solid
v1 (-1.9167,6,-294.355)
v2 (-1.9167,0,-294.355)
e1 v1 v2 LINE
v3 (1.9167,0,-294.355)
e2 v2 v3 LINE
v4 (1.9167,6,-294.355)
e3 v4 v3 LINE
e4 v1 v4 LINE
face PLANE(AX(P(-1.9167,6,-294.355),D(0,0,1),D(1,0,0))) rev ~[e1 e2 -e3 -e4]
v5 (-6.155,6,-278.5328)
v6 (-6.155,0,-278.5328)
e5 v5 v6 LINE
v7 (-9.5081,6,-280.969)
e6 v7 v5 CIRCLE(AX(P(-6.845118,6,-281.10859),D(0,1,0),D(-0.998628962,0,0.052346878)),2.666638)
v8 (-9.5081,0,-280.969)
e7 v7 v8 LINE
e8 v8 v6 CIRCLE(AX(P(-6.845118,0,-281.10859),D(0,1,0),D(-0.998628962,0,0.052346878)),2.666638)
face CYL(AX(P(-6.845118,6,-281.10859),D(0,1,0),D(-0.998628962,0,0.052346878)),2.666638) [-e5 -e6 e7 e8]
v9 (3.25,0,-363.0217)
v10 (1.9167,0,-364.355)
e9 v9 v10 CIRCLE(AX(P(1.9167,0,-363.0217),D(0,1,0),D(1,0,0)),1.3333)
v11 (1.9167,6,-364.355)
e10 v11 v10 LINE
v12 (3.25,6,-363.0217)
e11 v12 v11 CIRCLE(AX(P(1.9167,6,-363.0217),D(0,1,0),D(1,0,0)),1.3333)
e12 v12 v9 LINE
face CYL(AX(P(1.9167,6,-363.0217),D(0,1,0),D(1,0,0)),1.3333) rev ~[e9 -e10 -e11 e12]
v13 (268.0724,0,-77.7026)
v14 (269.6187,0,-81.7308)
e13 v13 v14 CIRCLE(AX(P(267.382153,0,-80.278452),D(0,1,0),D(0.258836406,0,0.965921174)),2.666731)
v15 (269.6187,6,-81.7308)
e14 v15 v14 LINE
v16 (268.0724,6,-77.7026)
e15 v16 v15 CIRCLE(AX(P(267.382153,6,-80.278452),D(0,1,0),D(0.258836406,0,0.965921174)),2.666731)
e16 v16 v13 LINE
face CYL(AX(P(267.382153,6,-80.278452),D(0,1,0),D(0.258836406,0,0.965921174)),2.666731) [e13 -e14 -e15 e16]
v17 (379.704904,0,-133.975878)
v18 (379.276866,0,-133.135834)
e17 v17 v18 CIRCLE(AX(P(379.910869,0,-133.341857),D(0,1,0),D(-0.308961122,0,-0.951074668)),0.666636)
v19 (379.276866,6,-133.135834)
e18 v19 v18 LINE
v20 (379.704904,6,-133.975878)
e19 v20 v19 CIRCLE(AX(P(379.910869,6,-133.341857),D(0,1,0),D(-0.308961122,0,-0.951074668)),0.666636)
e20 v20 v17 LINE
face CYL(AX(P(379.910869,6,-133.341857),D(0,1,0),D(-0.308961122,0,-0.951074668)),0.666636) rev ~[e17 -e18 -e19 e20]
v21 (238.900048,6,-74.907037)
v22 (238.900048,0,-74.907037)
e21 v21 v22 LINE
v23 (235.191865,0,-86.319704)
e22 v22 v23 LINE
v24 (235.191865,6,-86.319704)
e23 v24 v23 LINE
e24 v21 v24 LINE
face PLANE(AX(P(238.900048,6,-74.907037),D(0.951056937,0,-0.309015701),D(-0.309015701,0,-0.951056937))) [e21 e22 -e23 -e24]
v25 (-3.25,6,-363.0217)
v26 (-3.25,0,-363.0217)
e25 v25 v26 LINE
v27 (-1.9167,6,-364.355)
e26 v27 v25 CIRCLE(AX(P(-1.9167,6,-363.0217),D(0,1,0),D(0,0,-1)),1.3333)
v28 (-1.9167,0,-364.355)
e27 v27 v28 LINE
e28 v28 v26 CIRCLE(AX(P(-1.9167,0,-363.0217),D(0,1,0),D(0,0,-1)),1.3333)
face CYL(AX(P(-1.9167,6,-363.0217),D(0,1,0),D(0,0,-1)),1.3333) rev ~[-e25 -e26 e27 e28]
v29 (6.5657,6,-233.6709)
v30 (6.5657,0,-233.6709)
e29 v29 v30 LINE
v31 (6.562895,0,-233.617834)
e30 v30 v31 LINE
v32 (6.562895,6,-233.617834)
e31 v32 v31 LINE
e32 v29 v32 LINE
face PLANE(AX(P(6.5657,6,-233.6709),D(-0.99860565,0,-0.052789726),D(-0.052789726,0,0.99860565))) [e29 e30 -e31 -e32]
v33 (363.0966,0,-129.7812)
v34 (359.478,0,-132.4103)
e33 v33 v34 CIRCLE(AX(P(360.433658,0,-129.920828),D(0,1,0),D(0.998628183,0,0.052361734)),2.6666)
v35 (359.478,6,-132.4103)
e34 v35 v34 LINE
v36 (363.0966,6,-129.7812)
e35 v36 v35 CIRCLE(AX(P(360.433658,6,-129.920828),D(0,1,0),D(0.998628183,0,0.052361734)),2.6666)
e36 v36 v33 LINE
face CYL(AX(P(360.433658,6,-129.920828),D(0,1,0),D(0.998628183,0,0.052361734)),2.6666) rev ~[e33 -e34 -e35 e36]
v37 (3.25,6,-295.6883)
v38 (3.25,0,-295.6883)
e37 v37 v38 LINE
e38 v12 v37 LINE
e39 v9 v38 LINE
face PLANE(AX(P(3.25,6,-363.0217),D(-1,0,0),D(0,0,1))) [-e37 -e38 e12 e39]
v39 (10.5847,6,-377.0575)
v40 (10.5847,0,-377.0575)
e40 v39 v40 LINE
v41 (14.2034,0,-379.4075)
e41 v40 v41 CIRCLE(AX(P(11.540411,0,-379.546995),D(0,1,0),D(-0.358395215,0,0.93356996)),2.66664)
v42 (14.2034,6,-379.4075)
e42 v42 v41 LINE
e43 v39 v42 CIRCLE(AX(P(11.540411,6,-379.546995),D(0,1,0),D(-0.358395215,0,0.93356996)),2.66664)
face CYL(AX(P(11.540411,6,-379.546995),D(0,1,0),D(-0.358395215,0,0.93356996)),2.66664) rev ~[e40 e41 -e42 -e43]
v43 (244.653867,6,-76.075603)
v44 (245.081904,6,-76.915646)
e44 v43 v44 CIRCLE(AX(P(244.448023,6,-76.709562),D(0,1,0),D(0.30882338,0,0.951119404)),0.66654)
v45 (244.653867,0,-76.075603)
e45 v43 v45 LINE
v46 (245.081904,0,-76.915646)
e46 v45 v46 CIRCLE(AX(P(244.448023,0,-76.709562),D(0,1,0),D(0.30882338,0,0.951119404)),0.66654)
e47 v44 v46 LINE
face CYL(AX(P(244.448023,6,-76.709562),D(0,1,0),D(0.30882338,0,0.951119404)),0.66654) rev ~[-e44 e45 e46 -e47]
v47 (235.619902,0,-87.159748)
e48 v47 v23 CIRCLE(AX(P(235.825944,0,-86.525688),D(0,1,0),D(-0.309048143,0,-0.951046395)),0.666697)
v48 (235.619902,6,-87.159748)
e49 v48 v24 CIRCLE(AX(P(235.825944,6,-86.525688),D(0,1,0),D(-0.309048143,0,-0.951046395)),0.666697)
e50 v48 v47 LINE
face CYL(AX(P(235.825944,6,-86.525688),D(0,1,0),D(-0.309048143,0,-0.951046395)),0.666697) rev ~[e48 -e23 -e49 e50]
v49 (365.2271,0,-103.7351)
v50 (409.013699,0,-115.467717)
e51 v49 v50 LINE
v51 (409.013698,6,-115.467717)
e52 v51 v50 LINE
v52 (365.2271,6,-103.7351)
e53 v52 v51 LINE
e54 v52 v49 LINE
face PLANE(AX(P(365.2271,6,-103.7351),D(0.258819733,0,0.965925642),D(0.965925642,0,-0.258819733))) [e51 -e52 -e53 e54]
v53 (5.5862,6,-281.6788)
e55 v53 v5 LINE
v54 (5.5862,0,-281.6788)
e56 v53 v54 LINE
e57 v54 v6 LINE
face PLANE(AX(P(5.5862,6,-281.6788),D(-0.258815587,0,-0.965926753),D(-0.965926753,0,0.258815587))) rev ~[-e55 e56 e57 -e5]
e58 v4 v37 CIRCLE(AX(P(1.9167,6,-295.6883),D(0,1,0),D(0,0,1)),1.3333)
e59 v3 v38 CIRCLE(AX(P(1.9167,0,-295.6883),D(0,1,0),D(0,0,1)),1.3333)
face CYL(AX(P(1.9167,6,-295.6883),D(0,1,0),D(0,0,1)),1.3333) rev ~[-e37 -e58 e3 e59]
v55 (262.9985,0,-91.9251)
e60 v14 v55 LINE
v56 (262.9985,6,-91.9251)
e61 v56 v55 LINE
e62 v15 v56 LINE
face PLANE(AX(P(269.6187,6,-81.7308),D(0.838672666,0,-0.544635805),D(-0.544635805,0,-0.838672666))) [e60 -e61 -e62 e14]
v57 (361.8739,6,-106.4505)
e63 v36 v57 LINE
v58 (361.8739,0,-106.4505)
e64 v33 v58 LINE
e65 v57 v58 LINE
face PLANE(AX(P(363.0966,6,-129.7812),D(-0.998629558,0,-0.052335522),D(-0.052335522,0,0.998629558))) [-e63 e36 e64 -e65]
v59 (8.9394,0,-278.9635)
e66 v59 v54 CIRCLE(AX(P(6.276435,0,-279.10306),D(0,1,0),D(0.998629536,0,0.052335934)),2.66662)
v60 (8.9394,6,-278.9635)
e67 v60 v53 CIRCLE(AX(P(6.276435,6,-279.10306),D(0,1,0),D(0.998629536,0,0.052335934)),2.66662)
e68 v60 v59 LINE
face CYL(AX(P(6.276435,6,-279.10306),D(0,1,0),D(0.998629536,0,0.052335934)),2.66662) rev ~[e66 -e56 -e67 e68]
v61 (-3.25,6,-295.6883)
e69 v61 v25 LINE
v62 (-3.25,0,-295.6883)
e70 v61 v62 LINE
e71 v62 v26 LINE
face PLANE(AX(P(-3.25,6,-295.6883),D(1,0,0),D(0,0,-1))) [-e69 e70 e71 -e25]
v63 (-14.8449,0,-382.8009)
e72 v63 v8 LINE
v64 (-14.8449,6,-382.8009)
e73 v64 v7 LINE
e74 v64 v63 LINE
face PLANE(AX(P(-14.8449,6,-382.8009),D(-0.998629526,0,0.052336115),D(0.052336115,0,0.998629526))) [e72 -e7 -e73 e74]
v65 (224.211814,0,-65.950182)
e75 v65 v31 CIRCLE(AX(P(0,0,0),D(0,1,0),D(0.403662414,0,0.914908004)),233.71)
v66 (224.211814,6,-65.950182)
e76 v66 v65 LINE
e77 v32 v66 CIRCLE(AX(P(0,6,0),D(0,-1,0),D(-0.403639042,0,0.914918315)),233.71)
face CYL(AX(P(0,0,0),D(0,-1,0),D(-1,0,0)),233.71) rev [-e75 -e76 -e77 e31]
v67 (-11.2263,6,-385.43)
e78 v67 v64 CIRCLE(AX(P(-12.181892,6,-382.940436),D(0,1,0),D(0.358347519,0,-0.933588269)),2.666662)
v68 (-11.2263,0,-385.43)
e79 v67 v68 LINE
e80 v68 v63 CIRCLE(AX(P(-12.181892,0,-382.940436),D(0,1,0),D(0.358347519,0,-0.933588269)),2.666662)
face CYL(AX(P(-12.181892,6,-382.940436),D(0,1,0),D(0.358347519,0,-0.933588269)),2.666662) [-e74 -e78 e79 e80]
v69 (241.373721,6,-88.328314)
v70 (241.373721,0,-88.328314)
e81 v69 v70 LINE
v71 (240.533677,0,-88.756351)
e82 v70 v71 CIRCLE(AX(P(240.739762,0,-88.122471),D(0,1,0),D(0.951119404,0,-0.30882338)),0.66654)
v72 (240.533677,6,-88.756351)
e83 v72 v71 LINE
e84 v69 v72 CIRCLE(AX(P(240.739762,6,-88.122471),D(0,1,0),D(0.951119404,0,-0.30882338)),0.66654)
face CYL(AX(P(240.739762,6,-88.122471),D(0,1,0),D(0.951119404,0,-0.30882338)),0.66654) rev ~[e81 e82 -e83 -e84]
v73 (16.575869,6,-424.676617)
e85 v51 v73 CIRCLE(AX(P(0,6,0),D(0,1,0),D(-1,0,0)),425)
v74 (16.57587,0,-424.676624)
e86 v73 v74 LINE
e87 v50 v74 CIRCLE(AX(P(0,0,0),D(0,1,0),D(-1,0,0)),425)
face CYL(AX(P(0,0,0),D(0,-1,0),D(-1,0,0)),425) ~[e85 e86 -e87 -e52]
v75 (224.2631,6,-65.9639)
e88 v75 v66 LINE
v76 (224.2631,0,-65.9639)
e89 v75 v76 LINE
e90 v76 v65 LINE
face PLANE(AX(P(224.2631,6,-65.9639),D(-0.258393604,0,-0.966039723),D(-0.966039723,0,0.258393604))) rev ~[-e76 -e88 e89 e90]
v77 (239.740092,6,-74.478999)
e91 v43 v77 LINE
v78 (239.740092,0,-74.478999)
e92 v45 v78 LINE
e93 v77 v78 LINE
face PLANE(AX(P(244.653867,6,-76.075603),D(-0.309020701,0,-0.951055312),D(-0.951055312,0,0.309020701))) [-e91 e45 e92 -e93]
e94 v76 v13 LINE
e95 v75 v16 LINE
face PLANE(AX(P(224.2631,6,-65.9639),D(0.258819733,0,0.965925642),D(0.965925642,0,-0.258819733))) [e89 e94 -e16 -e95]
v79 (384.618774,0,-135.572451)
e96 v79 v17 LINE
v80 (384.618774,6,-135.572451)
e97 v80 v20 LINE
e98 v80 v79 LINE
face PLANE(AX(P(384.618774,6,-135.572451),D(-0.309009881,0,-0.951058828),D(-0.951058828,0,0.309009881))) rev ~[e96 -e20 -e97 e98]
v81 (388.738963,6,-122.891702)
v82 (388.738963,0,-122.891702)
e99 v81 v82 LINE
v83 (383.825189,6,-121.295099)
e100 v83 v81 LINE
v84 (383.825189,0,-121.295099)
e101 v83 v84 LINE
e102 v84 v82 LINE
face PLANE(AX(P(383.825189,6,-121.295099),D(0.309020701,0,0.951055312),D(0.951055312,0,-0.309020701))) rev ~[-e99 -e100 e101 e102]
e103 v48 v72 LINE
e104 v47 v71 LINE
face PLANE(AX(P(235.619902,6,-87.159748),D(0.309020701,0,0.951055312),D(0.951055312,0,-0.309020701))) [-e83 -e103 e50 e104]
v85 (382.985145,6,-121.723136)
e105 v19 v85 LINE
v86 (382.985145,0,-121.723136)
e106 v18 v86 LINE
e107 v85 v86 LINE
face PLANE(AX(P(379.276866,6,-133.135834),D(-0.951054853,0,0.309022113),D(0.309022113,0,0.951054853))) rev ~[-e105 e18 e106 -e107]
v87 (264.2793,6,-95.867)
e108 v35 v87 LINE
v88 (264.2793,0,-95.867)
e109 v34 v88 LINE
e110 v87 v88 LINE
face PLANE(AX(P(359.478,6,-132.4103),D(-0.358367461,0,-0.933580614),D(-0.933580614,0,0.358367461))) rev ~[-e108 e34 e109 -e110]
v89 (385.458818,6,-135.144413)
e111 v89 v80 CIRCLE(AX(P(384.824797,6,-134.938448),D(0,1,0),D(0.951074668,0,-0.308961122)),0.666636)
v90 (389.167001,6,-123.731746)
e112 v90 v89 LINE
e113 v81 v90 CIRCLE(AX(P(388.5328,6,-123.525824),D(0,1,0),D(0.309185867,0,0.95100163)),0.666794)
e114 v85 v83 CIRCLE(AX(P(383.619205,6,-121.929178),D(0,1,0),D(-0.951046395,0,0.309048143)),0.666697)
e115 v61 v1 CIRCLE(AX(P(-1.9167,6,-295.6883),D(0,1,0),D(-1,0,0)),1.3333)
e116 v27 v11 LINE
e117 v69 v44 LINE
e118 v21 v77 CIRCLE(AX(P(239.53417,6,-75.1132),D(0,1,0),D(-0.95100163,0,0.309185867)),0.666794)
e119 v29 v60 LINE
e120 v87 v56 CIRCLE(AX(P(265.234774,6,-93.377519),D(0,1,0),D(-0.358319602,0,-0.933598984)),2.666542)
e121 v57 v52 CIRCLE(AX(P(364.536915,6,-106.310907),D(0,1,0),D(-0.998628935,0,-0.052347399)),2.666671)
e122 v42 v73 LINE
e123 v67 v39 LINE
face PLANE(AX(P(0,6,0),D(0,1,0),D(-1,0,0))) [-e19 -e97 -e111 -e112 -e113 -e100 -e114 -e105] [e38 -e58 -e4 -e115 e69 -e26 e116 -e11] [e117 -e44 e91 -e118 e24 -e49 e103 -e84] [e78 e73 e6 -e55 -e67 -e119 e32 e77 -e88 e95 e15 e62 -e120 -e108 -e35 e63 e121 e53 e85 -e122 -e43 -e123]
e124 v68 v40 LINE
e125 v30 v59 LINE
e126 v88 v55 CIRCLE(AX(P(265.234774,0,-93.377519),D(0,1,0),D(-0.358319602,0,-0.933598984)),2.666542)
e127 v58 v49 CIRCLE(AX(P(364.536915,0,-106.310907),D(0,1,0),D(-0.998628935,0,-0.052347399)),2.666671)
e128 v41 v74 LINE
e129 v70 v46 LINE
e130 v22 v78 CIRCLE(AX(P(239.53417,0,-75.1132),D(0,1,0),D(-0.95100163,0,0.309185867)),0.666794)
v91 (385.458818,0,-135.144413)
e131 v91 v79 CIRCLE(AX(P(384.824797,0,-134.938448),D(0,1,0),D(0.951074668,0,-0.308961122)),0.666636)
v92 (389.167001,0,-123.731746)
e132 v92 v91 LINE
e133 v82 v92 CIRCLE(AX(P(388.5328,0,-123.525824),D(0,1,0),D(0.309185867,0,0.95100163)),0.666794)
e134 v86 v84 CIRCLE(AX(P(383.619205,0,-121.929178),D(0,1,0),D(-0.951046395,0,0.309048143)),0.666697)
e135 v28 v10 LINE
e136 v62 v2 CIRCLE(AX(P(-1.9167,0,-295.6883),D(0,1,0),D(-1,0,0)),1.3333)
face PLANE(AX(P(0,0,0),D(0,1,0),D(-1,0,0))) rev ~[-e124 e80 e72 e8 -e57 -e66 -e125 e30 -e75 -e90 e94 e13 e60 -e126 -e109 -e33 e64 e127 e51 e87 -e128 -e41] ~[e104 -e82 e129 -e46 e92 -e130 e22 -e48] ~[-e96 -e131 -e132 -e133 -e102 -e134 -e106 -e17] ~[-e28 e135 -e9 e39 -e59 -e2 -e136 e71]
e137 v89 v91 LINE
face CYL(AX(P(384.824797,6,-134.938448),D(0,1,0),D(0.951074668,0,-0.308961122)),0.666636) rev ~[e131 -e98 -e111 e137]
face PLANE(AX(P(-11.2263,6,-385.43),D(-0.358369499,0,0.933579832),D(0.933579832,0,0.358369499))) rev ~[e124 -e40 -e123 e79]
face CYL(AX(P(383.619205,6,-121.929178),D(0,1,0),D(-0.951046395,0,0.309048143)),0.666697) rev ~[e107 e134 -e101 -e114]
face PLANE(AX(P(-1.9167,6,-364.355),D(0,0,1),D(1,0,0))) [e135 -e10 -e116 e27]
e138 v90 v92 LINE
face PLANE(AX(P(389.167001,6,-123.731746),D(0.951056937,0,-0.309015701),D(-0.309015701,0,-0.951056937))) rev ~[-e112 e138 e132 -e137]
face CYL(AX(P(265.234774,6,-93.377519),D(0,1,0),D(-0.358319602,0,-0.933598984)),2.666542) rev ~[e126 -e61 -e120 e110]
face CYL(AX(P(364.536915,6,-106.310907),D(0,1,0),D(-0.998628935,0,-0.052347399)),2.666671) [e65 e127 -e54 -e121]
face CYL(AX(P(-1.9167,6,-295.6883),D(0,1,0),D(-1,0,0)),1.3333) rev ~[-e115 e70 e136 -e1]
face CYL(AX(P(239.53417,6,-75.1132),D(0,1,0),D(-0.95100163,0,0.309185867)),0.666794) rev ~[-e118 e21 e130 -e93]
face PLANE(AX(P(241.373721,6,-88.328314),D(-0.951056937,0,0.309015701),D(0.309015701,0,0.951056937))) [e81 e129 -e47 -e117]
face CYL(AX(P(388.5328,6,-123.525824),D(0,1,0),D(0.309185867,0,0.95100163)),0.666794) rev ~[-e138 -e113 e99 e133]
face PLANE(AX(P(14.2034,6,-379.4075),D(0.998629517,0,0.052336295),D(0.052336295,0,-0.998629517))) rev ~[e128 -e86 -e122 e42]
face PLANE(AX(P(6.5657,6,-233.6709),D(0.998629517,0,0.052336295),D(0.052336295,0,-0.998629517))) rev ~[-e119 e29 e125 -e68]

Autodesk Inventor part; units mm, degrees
ref_plane "YZ Plane" through (0, 0, 0) normal (1, 0, 0) x (0, 1, 0)
ref_plane "XZ Plane" through (0, 0, 0) normal (0, 1, 0) x (-1, 0, 0)
ref_plane "XY Plane" through (0, 0, 0) normal (0, 0, 1) x (1, 0, 0)
sketch "Sketch1" plane through (0, 0, 0) normal (0, 1, 0) x (-1, 0, 0)
  circle A0 centre (0, 0) radius 425
  circle A1 centre (0, 0) radius 233.71
  dimension "d84" = 467.42
  dimension "d85" = 850
extrude "Extrusion3" add sketch "Sketch1" along normal blind 6
sketch "Sketch2" plane through (0, 6, 0) normal (0, 1, 0) x (1, 0, 0)
  circle A0 centre (0, 0) radius 329.355 construction
  line L0 (3.25, 363.0217) -> (3.25, 295.6883)
  line L1 (-3.25, 295.6883) -> (-3.25, 363.0217)
  arc A1 (-3.25, 295.6883) -> (-1.9167, 294.355) centre (-1.9167, 295.6883) ccw
  arc A2 (1.9167, 294.355) -> (3.25, 295.6883) centre (1.9167, 295.6883) ccw
  arc A3 (-1.9167, 364.355) -> (-3.25, 363.0217) centre (-1.9167, 363.0217) ccw
  arc A4 (3.25, 363.0217) -> (1.9167, 364.355) centre (1.9167, 363.0217) ccw
  line L2 (-1.9167, 364.355) -> (1.9167, 364.355)
  line L3 (-1.9167, 294.355) -> (1.9167, 294.355)
  line L4 (0, 294.355) -> (0, 329.355) construction
  line L5 (0, 364.355) -> (0, 329.355) construction
  line L6 (0, 364.355) -> (0, 294.355) construction
  line L7 (175.0629, -238.5433) -> (171.9617, -240.7965)
  arc A5 (176.9253, -238.8383) -> (175.0629, -238.5433) centre (175.8467, -239.622) ccw
  arc A6 (171.9617, -240.7965) -> (171.6667, -242.6589) centre (172.7454, -241.8752) ccw
  line L8 (173.0175, -238.1382) -> (193.59, -266.4538) construction
  line L9 (211.2443, -297.1327) -> (171.6667, -242.6589)
  line L10 (176.9253, -238.8383) -> (216.5029, -293.3121)
  line L11 (214.1625, -294.7694) -> (173.0175, -238.1382) construction
  line L12 (214.1625, -294.7694) -> (193.59, -266.4538) construction
  arc A7 (211.2443, -297.1327) -> (213.1067, -297.4277) centre (212.323, -296.349) ccw
  line L13 (216.2079, -295.1745) -> (213.1067, -297.4277)
  arc A8 (216.2079, -295.1745) -> (216.5029, -293.3121) centre (215.4242, -294.0958) ccw
  line L14 (280.1548, 92.2019) -> (281.3393, 88.5562)
  arc A9 (281.0108, 93.882) -> (280.1548, 92.2019) centre (281.4229, 92.614) ccw
  arc A10 (281.3393, 88.5562) -> (283.0194, 87.7002) centre (282.6074, 88.9682) ccw
  line L15 (279.9482, 90.9607) -> (313.2352, 101.7763) construction
  line L16 (347.0573, 108.5073) -> (283.0194, 87.7002)
  line L17 (281.0108, 93.882) -> (345.0486, 114.6892)
  line L18 (346.5222, 112.5919) -> (279.9482, 90.9607) construction
  line L19 (346.5222, 112.5919) -> (313.2352, 101.7763) construction
  arc A11 (347.0573, 108.5073) -> (347.9133, 110.1874) centre (346.6452, 109.7754) ccw
  line L20 (346.7287, 113.8331) -> (347.9133, 110.1874)
  arc A12 (346.7287, 113.8331) -> (345.0486, 114.6892) centre (345.4607, 113.4211) ccw
  dimension "d86" = 658.71
  dimension "d21" = 6.5
  dimension "d24" = 2.6667
  dimension "d25" = 2.6667
  dimension "d32" = 1.3333
  dimension "d33" = 1.3333
  dimension "d162" = 70
  dimension "d163" = 294.355
  dimension "d165" = 3.25
extrude "Extrusion4" cut sketch "Sketch2" against normal through all
sketch "Sketch3" plane through (0, 6, 0) normal (0, 1, 0) x (1, 0, 0)
  arc A0 (-131.3389, -404.1968) -> (131.3445, -404.195) centre (0, 0) ccw
  arc A1 (-77.7244, -128.3741) -> (77.7297, -128.3709) centre (0, 0) ccw
  line L0 (-122.1811, -173.696) -> (-161.3589, -227.6196)
  line L1 (-131.3389, -404.1968) -> (-77.7244, -128.3741)
  line L2 (0, 0) -> (0, -341.2918)
  line L3 (131.3445, -404.195) -> (77.7297, -128.3709)
  line L4 (210.5535, -295.3313) -> (171.3679, -241.3969) projected
  dimension "d52" = 25
  dimension "d87" = 150.07
  dimension "d88" = 425
  dimension "d89" = 25
  dimension "d90" = 11
  dimension "d91" = 11
sketch "Sketch5" plane through (0, 6, 0) normal (0, 1, 0) x (1, 0, 0)
  line L0 (3.25, 363.0217) -> (3.25, 295.6883) projected
  line L1 (5.5862, 281.6788) -> (-6.155, 278.5328)
  line L2 (-11.2263, 385.43) -> (10.5847, 377.0575)
  line L3 (6.5657, 233.6709) -> (8.9394, 278.9635)
  line L4 (14.2034, 379.4075) -> (16.5771, 424.7001)
  arc A0 (10.5847, 377.0575) -> (14.2034, 379.4075) centre (11.5404, 379.5471) ccw
  arc A1 (8.9394, 278.9635) -> (5.5862, 281.6788) centre (6.2763, 279.103) ccw
  arc A2 (-11.2263, 385.43) -> (-14.8449, 382.8009) centre (-12.1819, 382.9405) ccw
  line L5 (-3.25, 295.6883) -> (-3.25, 363.0217) projected
  line L6 (-14.8449, 382.8009) -> (-9.5081, 280.969)
  arc A3 (-9.5081, 280.969) -> (-6.155, 278.5328) centre (-6.8451, 281.1086) ccw
  line L7 (-1.9167, 294.355) -> (1.9167, 294.355) projected
  line L8 (1.9167, 364.355) -> (-1.9167, 364.355) projected
  line L9 (16.5771, 424.7001) -> (16.5774, 424.7058)
  line L10 (6.5657, 233.6709) -> (6.5621, 233.6028)
  circle A4 centre (0, 0) radius 425
  circle A5 centre (0, 0) radius 233.71
  line L11 (-356.4489, 130.7516) -> (-398.7912, 147.0053)
  arc A6 (-355.3322, 126.5839) -> (-356.4489, 130.7516) centre (-357.4046, 128.2621) ccw
  line L12 (-370.0348, 108.4276) -> (-355.3322, 126.5839)
  arc A7 (-370.0348, 108.4276) -> (-368.6526, 104.1736) centre (-367.9624, 106.7494) ccw
  line L13 (-368.6526, 104.1736) -> (-270.1556, 77.7814)
  arc A8 (-270.1556, 77.7814) -> (-266.8024, 80.2177) centre (-269.4654, 80.3572) ccw
  line L14 (-266.1663, 92.3563) -> (-266.8024, 80.2177)
  arc A9 (-262.5476, 94.7063) -> (-266.1663, 92.3563) centre (-263.5032, 92.2167) ccw
  line L15 (-220.2053, 78.4526) -> (-262.5476, 94.7063)
  line L16 (-220.2053, 78.4526) -> (-220.1417, 78.4282)
  line L17 (-398.7912, 147.0053) -> (-398.7965, 147.0073)
  line L18 (-142.66, -185.1845) -> (-142.6172, -185.1316)
  line L19 (-263.0436, -333.8458) -> (-263.0472, -333.8502)
  line L20 (132.0366, -192.9029) -> (131.9995, -192.8458)
  line L21 (236.2213, -353.3334) -> (236.2244, -353.3381)
  line L22 (365.2271, 103.7351) -> (409.0364, 115.4738)
  arc A10 (361.8739, 106.4505) -> (365.2271, 103.7351) centre (364.5369, 106.3109) ccw
  line L23 (363.0966, 129.7812) -> (361.8739, 106.4505)
  arc A11 (363.0966, 129.7812) -> (359.478, 132.4103) centre (360.4336, 129.9208) ccw
  line L24 (359.478, 132.4103) -> (264.2793, 95.867)
  arc A12 (264.2793, 95.867) -> (262.9985, 91.9251) centre (265.2349, 93.3774) ccw
  line L25 (269.6187, 81.7308) -> (262.9985, 91.9251)
  arc A13 (268.0724, 77.7026) -> (269.6187, 81.7308) centre (267.3822, 80.2784) ccw
  line L26 (224.2631, 65.9639) -> (268.0724, 77.7026)
  line L27 (224.2631, 65.9639) -> (224.1973, 65.9463)
  line L28 (409.0364, 115.4738) -> (409.0419, 115.4753)
  line L29 (0, -233.71) -> (0, -425)
  arc A14 (131.3445, -404.195) -> (-131.3389, -404.1968) centre (0, 0) ccw projected
  point P0 (-425, 0)
  point P1 (-425, 0)
  point P2 (-398.7693, 146.9969)
  point P3 (-220.1557, 78.4336)
  point P4 (16.5759, 424.6766)
  point P5 (6.5629, 233.6178)
  point P6 (409.0137, 115.4677)
  point P7 (224.2118, 65.9502)
  dimension "d63" = 2.6667
  dimension "d64" = 3
  dimension "d66" = 3
  dimension "d67" = 2.6667
  dimension "d68" = 2.6667
  dimension "d70" = 72
  dimension "d71" = 72
sketch "Sketch6" plane through (0, 6, 0) normal (0, 1, 0) x (1, 0, 0)
  line L0 (237.9351, -331.8846) -> (247.6433, -324.8312)
  line L1 (243.8227, -319.5725) -> (234.1145, -326.626)
  line L2 (210.5535, -295.3313) -> (171.3679, -241.3969) projected
  line L3 (215.5172, -293.3731) -> (212.416, -295.6263) projected
  arc A0 (244.7539, -319.72) -> (243.8227, -319.5725) centre (244.2145, -320.1119) ccw
  arc A1 (247.6433, -324.8312) -> (247.7908, -323.9) centre (247.2514, -324.2918) ccw
  arc A2 (237.0039, -331.7371) -> (237.9351, -331.8846) centre (237.5432, -331.3452) ccw
  arc A3 (234.1145, -326.626) -> (233.967, -327.5572) centre (234.5063, -327.1653) ccw
  line L4 (233.967, -327.5572) -> (237.0039, -331.7371)
  line L5 (247.7908, -323.9) -> (244.7539, -319.72)
  line L6 (171.3679, -241.3969) -> (210.5535, -295.3313) projected
  line L7 (190.9607, -268.3641) -> (196.2193, -264.5435)
  line L8 (215.8122, -291.5107) -> (176.6265, -237.5763) projected
  line L9 (145.065, -204.0599) -> (154.7732, -197.0065)
  line L10 (158.5938, -202.2651) -> (148.8856, -209.3185)
  arc A4 (158.5938, -202.2651) -> (158.7413, -201.3339) centre (158.202, -201.7257) ccw
  arc A5 (155.7044, -197.154) -> (154.7732, -197.0065) centre (155.1651, -197.5458) ccw
  arc A6 (145.065, -204.0599) -> (144.9175, -204.9911) centre (145.4569, -204.5992) ccw
  arc A7 (147.9544, -209.171) -> (148.8856, -209.3185) centre (148.4938, -208.7792) ccw
  line L11 (147.9544, -209.171) -> (144.9175, -204.9911)
  line L12 (155.7044, -197.154) -> (158.7413, -201.3339)
  point P0 (0, 0)
  dimension "d104" = 6.5
  dimension "d105" = 12
  dimension "d108" = 1.3333
  dimension "d109" = 1.3333
  dimension "d110" = 1.3333
  dimension "d111" = 1.3333
  dimension "d112" = 0
  dimension "d149" = 145
  dimension "d150" = 90
  dimension "d151" = 90
  dimension "d152" = 90
  dimension "d153" = 90
extrude "Extrusion7" cut sketch "Sketch6" against normal through all
pattern_circular "Circular Pattern2" count 2 over 72 about axis through (0, -10, 0) along (0, 1, 0) of "Extrusion7"
pattern_circular "Circular Pattern3" count 2 over 144 about axis through (0, -10, 0) along (0, 1, 0) of "Extrusion7"
mirror "Mirror3" about plane through (0, 0, 0) normal (1, 0, 0) of "Extrusion7"
extrude "Extrusion10" cut sketch "Sketch3" against normal blind 10
mirror "Mirror4" about plane through (0, 0, 0) normal (1, 0, 0) of "Extrusion4"
pattern_circular "Circular Pattern4" count 2 over 144 about axis through (0, -10, 0) along (0, -1, 0) of "Extrusion7"
extrude "Extrusion11" cut sketch "Sketch5" against normal through all contours A1 L3 L10 A5 L16 L15 A9 L14 A8 L13 A7 L12 A6 L11 A4 L4 A0 L2 A2 L6 A3 L1 | L27 L26 A13 L25 A12 L24 A11 L23 A10 L22 A4 L29 A5 | A5 L29 A4 L11 A6 L12 A7 L13 A8 L14 A9 L15 L16
equation "\"BendRadius\" = Thickness"
equation "\"BendReliefWidth\" = Thickness"
equation "\"BendReliefDepth\" = 0.5 * Thickness"
equation "\"CornerReliefSize\" = 4 * Thickness"
equation "\"MinimumRemnant\" = 2 * Thickness"
equation "\"TransitionRadius\" = BendRadius"
equation "\"JacobiRadiusSize\" = BendRadius"
equation "\"GapSize\" = Thickness"
equation "\"Thickness\" = 0.5"
properties part number "Ring C3" material "Wood (Maple)"
